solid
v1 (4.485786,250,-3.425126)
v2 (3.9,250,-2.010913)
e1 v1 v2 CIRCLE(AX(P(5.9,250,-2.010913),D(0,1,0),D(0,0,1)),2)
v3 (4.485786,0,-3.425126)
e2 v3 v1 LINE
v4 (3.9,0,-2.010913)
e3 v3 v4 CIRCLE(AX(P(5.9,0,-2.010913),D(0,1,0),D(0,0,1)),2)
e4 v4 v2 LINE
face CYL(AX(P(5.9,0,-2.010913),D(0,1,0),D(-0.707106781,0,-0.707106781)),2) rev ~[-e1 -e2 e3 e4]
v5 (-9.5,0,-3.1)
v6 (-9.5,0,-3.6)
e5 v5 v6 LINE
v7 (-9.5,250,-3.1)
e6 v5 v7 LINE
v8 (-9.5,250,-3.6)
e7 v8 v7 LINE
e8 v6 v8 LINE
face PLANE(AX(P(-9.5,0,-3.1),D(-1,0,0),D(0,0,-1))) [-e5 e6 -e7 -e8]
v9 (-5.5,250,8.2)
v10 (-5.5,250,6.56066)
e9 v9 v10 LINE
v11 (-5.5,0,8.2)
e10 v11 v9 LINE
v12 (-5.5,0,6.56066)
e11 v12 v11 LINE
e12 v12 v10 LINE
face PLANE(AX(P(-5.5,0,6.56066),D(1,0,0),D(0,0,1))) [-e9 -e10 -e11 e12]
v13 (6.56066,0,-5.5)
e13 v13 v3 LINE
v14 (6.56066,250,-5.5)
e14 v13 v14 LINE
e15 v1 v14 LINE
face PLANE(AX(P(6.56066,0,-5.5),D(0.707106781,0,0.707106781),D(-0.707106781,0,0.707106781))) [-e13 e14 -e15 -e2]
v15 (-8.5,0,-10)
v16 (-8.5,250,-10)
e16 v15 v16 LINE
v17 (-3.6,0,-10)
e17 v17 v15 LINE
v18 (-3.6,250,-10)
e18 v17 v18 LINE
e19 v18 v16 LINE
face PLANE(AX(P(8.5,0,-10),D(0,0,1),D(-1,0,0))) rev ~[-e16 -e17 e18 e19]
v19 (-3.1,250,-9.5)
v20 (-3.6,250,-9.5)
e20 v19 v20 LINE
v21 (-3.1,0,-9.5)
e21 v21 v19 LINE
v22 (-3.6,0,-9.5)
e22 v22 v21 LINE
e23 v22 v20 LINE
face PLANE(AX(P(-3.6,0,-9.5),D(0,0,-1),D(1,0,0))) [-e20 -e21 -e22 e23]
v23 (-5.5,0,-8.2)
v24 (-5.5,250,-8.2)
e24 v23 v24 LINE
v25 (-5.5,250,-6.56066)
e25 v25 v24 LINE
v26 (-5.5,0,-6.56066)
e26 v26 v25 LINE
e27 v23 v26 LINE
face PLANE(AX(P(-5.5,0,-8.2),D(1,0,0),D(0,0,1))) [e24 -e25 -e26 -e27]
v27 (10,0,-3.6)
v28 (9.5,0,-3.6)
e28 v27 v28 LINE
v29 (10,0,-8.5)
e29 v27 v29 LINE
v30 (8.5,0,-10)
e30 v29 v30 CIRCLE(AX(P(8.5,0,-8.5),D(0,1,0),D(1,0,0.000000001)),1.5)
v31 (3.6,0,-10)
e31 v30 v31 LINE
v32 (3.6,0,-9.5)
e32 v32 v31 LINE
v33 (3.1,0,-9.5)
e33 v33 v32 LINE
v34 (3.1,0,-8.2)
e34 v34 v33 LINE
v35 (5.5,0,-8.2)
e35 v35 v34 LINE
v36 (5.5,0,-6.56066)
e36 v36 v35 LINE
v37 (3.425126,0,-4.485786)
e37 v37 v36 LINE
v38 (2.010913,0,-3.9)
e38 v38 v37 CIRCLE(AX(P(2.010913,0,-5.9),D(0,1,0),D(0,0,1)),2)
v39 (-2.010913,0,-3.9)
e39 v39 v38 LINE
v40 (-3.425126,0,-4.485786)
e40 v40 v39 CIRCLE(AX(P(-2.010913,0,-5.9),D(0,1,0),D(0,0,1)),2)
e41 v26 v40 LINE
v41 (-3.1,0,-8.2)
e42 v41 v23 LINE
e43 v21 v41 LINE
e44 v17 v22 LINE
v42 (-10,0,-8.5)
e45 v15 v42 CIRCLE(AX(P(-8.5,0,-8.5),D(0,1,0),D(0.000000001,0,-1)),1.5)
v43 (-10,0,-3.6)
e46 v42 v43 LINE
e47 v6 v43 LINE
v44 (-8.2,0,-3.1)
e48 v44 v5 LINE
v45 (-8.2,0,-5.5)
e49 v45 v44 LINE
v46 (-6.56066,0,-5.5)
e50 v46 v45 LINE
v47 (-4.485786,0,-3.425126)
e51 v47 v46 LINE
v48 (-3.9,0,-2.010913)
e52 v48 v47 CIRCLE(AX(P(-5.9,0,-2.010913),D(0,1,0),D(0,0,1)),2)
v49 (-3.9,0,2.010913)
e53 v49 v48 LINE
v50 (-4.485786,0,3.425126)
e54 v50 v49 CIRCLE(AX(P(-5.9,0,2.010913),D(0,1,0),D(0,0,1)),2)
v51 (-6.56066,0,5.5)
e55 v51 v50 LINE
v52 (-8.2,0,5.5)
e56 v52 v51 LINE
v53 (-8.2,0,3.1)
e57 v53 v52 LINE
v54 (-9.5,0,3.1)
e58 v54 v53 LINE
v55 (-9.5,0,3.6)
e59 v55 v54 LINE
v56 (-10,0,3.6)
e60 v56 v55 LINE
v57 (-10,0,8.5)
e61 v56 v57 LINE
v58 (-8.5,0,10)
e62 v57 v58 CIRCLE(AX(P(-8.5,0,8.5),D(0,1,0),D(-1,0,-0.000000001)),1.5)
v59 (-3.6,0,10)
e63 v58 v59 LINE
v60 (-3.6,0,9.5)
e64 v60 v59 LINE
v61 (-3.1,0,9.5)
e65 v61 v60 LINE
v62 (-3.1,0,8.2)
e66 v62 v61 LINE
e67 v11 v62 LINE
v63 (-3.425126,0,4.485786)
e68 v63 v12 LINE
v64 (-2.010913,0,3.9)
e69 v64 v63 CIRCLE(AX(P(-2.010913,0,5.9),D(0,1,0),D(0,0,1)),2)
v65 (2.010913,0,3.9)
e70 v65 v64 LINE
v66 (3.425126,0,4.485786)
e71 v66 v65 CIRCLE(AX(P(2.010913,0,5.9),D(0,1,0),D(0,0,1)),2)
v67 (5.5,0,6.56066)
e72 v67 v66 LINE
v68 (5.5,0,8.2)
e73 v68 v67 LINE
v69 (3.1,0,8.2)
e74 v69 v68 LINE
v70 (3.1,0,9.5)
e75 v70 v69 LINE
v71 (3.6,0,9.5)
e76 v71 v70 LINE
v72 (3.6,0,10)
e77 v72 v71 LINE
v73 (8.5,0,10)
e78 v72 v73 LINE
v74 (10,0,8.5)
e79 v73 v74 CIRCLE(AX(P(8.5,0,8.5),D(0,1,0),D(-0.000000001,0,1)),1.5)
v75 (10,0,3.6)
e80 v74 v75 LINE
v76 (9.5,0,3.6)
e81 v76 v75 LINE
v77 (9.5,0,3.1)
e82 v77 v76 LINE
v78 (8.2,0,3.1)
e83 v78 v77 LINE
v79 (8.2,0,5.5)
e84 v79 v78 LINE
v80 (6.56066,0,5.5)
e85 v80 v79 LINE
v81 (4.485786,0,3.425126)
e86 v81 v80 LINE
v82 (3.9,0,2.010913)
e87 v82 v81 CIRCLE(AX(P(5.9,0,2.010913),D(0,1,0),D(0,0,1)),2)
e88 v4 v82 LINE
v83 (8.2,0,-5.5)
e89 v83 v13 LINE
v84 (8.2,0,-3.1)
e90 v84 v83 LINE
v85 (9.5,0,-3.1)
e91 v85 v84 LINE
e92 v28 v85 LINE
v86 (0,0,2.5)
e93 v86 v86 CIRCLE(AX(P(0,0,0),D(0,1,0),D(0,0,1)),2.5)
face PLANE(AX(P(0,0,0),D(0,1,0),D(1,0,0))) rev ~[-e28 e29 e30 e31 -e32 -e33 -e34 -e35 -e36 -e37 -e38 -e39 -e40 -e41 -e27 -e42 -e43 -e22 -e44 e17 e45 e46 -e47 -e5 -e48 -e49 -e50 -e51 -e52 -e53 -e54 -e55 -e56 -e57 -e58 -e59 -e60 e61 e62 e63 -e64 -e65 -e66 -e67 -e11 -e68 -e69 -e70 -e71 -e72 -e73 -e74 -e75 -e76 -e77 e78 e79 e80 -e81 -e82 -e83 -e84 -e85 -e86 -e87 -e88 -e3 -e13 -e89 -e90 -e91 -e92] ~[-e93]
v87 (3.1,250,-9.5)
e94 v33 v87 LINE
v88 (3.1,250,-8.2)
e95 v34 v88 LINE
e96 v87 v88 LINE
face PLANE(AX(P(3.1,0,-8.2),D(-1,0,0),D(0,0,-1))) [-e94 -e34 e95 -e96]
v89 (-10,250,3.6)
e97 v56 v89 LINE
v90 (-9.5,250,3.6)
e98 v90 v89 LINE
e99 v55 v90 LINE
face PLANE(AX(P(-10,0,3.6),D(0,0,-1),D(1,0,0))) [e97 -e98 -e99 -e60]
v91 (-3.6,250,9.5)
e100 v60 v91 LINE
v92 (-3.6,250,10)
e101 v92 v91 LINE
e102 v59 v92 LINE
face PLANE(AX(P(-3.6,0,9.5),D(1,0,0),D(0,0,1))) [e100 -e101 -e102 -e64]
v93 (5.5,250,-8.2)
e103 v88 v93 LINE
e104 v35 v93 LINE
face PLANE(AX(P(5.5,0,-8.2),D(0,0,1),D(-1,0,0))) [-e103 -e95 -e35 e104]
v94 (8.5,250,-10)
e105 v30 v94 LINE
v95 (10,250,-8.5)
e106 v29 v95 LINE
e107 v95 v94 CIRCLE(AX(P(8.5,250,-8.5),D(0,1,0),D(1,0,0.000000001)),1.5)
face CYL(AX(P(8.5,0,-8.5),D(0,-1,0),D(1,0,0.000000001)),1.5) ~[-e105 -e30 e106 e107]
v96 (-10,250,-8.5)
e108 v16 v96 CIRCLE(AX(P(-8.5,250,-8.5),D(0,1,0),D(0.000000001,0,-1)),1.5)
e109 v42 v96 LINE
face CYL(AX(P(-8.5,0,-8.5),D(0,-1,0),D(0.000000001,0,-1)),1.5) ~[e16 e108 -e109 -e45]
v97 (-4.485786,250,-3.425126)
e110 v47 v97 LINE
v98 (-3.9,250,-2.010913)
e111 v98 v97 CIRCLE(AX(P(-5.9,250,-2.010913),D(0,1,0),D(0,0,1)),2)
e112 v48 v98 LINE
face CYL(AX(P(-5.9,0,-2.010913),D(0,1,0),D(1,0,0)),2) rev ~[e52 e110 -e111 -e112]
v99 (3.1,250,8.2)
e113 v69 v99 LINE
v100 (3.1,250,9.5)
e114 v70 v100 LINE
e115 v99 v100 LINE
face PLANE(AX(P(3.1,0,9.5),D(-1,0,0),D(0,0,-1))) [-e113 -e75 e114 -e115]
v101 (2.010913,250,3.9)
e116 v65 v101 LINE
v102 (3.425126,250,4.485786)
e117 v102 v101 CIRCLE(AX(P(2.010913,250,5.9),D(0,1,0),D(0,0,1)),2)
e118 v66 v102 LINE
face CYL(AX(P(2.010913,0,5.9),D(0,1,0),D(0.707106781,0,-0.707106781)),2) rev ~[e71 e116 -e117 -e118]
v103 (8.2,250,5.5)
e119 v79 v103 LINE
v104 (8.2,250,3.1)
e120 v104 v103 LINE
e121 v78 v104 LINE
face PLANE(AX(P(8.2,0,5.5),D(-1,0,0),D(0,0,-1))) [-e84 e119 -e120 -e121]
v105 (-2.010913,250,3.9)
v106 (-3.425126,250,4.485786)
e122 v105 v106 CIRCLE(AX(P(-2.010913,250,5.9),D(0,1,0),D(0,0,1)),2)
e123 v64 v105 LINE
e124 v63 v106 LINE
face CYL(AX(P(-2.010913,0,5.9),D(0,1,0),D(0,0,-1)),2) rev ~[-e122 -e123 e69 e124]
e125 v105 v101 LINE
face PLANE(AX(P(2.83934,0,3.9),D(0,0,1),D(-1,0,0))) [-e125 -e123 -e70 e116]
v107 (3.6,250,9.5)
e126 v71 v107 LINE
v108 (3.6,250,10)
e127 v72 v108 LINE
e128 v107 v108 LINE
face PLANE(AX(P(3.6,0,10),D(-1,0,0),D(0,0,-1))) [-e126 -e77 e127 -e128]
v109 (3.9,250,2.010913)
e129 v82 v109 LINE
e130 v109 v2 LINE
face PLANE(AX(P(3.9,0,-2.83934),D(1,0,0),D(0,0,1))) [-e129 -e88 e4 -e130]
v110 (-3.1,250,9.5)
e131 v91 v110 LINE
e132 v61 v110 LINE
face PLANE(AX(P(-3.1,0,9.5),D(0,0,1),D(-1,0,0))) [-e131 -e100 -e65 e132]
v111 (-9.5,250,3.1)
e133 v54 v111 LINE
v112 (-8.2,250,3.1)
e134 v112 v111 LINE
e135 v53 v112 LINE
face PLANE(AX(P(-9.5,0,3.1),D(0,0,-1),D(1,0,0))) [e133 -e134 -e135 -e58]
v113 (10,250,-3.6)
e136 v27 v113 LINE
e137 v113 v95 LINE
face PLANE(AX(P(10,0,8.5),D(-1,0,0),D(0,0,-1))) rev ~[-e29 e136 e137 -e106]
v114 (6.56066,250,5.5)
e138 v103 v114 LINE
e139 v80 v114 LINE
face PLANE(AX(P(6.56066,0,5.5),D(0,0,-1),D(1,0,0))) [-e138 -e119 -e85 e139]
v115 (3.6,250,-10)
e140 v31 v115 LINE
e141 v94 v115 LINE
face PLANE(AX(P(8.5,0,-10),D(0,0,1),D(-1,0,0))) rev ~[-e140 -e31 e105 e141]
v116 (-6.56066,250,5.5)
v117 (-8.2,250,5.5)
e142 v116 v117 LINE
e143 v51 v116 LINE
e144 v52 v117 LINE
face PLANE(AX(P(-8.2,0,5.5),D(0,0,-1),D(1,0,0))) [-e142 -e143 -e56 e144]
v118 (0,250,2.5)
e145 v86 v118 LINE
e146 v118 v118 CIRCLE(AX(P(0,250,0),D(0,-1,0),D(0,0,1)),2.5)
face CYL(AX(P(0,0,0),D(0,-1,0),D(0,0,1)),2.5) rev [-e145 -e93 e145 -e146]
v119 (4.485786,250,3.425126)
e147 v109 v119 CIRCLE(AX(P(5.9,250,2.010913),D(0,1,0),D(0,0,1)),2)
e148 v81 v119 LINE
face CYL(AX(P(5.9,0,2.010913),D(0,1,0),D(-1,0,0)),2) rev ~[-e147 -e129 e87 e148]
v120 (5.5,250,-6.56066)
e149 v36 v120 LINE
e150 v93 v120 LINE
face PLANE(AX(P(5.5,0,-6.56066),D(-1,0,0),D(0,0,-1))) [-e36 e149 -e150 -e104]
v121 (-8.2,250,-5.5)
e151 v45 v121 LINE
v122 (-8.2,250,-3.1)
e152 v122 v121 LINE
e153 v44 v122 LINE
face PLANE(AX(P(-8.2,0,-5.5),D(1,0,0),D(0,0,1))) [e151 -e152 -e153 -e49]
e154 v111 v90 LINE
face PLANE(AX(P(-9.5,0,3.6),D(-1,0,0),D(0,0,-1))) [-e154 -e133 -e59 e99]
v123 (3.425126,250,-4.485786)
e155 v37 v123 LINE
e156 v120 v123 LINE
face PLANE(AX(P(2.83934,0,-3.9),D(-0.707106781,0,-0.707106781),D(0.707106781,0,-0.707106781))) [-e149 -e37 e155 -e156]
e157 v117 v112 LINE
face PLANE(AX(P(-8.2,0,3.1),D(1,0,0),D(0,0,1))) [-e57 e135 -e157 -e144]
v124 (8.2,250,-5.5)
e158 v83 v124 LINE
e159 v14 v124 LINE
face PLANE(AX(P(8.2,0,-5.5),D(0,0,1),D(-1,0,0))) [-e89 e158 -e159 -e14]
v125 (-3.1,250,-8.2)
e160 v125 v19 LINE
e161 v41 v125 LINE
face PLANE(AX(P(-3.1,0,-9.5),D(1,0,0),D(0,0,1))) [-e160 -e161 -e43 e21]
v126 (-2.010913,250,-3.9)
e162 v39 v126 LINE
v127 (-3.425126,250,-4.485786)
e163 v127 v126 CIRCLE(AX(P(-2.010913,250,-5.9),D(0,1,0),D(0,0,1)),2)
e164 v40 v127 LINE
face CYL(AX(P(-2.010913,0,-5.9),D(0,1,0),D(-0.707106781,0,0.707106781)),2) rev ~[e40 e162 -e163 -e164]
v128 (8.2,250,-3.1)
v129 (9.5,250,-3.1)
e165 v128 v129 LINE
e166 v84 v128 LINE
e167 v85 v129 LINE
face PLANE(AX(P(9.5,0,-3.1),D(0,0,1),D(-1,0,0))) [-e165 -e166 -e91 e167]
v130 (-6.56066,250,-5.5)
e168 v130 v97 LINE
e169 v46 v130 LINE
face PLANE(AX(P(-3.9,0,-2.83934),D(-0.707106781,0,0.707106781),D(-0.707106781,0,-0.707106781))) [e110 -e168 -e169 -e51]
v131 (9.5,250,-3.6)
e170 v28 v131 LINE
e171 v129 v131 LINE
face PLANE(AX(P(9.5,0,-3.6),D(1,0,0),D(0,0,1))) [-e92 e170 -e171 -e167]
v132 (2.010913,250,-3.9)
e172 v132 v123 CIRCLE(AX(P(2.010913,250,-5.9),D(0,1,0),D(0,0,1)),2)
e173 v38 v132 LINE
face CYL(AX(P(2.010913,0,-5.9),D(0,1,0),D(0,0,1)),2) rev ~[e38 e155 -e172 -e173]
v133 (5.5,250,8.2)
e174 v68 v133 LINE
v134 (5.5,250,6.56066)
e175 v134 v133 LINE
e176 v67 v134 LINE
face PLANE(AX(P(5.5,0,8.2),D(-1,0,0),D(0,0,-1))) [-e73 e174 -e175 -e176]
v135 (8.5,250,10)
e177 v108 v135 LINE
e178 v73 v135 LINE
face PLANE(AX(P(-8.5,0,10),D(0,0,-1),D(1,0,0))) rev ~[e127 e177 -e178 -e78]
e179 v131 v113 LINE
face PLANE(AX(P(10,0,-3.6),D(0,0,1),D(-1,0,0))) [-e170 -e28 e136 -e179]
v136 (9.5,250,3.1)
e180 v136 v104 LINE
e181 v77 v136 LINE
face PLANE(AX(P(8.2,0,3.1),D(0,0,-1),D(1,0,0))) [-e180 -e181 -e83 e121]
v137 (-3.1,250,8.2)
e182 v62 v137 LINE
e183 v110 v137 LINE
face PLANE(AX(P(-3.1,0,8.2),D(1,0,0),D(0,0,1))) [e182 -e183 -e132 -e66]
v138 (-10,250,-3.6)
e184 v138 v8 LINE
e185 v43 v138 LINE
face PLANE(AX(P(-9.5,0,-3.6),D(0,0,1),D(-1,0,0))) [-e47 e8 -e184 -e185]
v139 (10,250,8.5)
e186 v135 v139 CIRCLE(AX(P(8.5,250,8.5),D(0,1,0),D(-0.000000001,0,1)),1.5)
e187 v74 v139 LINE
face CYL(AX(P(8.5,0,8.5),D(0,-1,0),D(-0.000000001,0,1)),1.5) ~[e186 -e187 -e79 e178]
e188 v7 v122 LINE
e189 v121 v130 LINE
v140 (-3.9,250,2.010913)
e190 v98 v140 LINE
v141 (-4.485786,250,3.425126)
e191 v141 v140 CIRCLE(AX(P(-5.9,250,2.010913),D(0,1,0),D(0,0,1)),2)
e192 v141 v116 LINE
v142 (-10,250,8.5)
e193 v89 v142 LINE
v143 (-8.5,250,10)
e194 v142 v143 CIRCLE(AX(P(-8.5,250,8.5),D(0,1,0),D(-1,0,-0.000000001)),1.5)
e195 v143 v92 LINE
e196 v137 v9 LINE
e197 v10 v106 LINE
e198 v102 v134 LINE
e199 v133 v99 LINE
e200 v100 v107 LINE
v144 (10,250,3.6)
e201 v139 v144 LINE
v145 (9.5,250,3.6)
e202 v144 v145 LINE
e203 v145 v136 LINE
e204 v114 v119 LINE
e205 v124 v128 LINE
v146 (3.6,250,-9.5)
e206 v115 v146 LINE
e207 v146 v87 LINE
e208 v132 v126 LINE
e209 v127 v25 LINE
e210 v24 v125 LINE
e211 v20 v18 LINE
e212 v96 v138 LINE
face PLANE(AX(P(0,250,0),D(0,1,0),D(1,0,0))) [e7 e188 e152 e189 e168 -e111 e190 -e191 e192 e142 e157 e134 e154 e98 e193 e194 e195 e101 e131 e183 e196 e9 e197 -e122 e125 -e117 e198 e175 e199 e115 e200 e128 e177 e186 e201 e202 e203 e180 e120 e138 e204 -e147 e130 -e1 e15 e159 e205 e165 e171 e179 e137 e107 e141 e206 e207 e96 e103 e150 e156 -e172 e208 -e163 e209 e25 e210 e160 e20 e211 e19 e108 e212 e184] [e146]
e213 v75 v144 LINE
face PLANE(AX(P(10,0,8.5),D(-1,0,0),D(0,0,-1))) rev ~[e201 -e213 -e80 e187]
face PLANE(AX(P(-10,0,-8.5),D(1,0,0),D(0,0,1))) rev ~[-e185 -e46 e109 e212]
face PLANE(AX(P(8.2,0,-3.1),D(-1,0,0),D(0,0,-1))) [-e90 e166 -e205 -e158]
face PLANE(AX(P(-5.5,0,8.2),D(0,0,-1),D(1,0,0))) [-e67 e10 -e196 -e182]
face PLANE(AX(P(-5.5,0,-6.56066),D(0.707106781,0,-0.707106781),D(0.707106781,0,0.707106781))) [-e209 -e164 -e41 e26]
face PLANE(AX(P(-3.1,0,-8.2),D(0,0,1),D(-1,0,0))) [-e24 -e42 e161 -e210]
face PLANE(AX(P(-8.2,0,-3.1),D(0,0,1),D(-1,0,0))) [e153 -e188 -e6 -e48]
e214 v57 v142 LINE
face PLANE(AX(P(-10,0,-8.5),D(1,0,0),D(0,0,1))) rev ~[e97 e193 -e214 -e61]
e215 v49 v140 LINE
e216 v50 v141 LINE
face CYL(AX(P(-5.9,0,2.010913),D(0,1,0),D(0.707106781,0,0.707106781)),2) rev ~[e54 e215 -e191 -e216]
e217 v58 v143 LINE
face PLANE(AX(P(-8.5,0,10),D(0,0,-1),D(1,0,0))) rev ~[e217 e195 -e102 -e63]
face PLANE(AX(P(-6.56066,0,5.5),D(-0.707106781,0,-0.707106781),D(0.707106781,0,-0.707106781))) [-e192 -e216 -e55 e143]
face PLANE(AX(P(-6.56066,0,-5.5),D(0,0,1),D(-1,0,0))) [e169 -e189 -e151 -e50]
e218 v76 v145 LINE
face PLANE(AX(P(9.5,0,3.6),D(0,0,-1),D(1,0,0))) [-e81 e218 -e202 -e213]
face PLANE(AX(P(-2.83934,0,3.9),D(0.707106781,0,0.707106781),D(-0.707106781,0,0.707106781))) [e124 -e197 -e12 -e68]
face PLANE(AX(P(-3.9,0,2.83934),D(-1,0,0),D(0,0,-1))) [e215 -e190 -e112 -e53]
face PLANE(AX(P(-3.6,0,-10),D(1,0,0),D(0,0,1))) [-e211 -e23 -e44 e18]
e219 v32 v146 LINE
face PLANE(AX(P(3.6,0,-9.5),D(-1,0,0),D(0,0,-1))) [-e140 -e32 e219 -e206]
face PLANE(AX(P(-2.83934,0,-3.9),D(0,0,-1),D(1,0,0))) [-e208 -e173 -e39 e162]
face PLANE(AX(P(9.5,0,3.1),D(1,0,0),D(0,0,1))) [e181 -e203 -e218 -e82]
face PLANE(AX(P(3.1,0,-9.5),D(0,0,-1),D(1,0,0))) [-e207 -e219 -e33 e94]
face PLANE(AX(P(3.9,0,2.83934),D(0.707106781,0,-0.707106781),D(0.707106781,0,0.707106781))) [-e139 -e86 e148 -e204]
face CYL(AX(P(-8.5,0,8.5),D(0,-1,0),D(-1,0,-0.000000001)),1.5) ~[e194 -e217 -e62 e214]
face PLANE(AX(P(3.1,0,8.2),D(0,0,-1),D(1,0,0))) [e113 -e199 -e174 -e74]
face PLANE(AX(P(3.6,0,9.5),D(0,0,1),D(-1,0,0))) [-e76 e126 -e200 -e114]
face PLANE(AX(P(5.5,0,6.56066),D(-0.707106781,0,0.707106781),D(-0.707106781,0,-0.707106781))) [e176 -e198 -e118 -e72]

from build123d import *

# Parameters (mm, degrees)
BOSS_EXTRUDE1_DEPTH      = 250
SKETCH4_R                = 2.5
CUT_EXTRUDE2_DEPTH       = 251.399680511
CUT_EXTRUDE1_DEPTH       = 251.399680511
FILLET1_R                = 2
CIRPATTERN1_COUNT        = 4
FILLET1_OF_CIRPATTERN1_R = 2


with BuildPart() as part:
    # Sketch1 → Boss-Extrude1 (new body)
    with BuildSketch(Plane(origin=(0, 0, 0), x_dir=(1, 0, 0), z_dir=(0, 1, 0))):
        with BuildLine():
            Line((8.5, 10), (-8.5, 10))
            ThreePointArc((-8.5, 10), (-9.560660172, 9.560660172), (-10, 8.5))
            Line((-10, 8.5), (-10, -8.5))
            ThreePointArc((-10, -8.5), (-9.560660172, -9.560660172), (-8.5, -10))
            Line((-8.5, -10), (8.5, -10))
            ThreePointArc((8.5, -10), (9.560660172, -9.560660172), (10, -8.5))
            Line((10, -8.5), (10, 8.5))
            ThreePointArc((10, 8.5), (9.560660172, 9.560660172), (8.5, 10))
        make_face()
    extrude(amount=BOSS_EXTRUDE1_DEPTH)

    # Sketch4 → Cut-Extrude2 (cut, through all)
    with BuildSketch(Plane(origin=(0, 0, 0), x_dir=(1, 0, 0), z_dir=(0, 1, 0))):
        with Locations(Location((0, 0, 0), (0, 0, 270))):
            Circle(SKETCH4_R)
    extrude(amount=CUT_EXTRUDE2_DEPTH, mode=Mode.SUBTRACT)

    # Sketch2 → Cut-Extrude1 (cut, through all)
    with BuildSketch(Plane.XZ):
        Polygon((-3.6, -10), (-3.6, -9.5), (-3.1, -9.5), (-3.1, -8.2), (-5.5, -8.2), (-5.5, -6.560660172), (-2.839339828, -3.9), (2.839339828, -3.9), (5.5, -6.560660172), (5.5, -8.2), (3.1, -8.2), (3.1, -9.5), (3.6, -9.5), (3.6, -10), align=None)
    cut_extrude1 = extrude(amount=-CUT_EXTRUDE1_DEPTH, mode=Mode.SUBTRACT)

    # Fillet1
    fillet1_edges = [part.edges().sort_by_distance(p)[0] for p in [
        (-2.839339828, 125, -3.9),
        (2.839339828, 125, -3.9),
    ]]
    fillet(fillet1_edges, radius=FILLET1_R)

    # CirPattern1: Cut-Extrude1 ×4 about axis
    cirpattern1_axis = Axis((0, 0, 0), (0, 1, 0))
    for i in range(1, CIRPATTERN1_COUNT):
        add(cut_extrude1.rotate(cirpattern1_axis, i * 360 / CIRPATTERN1_COUNT), mode=Mode.SUBTRACT)

    # Fillet1 of CirPattern1
    fillet1_of_cirpattern1_edges = [part.edges().sort_by_distance(p)[0] for p in [
        (-3.9, 125, 2.839339828),
        (-3.9, 125, -2.839339828),
        (2.839339828, 125, 3.9),
        (-2.839339828, 125, 3.9),
        (3.9, 125, -2.839339828),
        (3.9, 125, 2.839339828),
    ]]
    fillet(fillet1_of_cirpattern1_edges, radius=FILLET1_OF_CIRPATTERN1_R)


solid = part.part
